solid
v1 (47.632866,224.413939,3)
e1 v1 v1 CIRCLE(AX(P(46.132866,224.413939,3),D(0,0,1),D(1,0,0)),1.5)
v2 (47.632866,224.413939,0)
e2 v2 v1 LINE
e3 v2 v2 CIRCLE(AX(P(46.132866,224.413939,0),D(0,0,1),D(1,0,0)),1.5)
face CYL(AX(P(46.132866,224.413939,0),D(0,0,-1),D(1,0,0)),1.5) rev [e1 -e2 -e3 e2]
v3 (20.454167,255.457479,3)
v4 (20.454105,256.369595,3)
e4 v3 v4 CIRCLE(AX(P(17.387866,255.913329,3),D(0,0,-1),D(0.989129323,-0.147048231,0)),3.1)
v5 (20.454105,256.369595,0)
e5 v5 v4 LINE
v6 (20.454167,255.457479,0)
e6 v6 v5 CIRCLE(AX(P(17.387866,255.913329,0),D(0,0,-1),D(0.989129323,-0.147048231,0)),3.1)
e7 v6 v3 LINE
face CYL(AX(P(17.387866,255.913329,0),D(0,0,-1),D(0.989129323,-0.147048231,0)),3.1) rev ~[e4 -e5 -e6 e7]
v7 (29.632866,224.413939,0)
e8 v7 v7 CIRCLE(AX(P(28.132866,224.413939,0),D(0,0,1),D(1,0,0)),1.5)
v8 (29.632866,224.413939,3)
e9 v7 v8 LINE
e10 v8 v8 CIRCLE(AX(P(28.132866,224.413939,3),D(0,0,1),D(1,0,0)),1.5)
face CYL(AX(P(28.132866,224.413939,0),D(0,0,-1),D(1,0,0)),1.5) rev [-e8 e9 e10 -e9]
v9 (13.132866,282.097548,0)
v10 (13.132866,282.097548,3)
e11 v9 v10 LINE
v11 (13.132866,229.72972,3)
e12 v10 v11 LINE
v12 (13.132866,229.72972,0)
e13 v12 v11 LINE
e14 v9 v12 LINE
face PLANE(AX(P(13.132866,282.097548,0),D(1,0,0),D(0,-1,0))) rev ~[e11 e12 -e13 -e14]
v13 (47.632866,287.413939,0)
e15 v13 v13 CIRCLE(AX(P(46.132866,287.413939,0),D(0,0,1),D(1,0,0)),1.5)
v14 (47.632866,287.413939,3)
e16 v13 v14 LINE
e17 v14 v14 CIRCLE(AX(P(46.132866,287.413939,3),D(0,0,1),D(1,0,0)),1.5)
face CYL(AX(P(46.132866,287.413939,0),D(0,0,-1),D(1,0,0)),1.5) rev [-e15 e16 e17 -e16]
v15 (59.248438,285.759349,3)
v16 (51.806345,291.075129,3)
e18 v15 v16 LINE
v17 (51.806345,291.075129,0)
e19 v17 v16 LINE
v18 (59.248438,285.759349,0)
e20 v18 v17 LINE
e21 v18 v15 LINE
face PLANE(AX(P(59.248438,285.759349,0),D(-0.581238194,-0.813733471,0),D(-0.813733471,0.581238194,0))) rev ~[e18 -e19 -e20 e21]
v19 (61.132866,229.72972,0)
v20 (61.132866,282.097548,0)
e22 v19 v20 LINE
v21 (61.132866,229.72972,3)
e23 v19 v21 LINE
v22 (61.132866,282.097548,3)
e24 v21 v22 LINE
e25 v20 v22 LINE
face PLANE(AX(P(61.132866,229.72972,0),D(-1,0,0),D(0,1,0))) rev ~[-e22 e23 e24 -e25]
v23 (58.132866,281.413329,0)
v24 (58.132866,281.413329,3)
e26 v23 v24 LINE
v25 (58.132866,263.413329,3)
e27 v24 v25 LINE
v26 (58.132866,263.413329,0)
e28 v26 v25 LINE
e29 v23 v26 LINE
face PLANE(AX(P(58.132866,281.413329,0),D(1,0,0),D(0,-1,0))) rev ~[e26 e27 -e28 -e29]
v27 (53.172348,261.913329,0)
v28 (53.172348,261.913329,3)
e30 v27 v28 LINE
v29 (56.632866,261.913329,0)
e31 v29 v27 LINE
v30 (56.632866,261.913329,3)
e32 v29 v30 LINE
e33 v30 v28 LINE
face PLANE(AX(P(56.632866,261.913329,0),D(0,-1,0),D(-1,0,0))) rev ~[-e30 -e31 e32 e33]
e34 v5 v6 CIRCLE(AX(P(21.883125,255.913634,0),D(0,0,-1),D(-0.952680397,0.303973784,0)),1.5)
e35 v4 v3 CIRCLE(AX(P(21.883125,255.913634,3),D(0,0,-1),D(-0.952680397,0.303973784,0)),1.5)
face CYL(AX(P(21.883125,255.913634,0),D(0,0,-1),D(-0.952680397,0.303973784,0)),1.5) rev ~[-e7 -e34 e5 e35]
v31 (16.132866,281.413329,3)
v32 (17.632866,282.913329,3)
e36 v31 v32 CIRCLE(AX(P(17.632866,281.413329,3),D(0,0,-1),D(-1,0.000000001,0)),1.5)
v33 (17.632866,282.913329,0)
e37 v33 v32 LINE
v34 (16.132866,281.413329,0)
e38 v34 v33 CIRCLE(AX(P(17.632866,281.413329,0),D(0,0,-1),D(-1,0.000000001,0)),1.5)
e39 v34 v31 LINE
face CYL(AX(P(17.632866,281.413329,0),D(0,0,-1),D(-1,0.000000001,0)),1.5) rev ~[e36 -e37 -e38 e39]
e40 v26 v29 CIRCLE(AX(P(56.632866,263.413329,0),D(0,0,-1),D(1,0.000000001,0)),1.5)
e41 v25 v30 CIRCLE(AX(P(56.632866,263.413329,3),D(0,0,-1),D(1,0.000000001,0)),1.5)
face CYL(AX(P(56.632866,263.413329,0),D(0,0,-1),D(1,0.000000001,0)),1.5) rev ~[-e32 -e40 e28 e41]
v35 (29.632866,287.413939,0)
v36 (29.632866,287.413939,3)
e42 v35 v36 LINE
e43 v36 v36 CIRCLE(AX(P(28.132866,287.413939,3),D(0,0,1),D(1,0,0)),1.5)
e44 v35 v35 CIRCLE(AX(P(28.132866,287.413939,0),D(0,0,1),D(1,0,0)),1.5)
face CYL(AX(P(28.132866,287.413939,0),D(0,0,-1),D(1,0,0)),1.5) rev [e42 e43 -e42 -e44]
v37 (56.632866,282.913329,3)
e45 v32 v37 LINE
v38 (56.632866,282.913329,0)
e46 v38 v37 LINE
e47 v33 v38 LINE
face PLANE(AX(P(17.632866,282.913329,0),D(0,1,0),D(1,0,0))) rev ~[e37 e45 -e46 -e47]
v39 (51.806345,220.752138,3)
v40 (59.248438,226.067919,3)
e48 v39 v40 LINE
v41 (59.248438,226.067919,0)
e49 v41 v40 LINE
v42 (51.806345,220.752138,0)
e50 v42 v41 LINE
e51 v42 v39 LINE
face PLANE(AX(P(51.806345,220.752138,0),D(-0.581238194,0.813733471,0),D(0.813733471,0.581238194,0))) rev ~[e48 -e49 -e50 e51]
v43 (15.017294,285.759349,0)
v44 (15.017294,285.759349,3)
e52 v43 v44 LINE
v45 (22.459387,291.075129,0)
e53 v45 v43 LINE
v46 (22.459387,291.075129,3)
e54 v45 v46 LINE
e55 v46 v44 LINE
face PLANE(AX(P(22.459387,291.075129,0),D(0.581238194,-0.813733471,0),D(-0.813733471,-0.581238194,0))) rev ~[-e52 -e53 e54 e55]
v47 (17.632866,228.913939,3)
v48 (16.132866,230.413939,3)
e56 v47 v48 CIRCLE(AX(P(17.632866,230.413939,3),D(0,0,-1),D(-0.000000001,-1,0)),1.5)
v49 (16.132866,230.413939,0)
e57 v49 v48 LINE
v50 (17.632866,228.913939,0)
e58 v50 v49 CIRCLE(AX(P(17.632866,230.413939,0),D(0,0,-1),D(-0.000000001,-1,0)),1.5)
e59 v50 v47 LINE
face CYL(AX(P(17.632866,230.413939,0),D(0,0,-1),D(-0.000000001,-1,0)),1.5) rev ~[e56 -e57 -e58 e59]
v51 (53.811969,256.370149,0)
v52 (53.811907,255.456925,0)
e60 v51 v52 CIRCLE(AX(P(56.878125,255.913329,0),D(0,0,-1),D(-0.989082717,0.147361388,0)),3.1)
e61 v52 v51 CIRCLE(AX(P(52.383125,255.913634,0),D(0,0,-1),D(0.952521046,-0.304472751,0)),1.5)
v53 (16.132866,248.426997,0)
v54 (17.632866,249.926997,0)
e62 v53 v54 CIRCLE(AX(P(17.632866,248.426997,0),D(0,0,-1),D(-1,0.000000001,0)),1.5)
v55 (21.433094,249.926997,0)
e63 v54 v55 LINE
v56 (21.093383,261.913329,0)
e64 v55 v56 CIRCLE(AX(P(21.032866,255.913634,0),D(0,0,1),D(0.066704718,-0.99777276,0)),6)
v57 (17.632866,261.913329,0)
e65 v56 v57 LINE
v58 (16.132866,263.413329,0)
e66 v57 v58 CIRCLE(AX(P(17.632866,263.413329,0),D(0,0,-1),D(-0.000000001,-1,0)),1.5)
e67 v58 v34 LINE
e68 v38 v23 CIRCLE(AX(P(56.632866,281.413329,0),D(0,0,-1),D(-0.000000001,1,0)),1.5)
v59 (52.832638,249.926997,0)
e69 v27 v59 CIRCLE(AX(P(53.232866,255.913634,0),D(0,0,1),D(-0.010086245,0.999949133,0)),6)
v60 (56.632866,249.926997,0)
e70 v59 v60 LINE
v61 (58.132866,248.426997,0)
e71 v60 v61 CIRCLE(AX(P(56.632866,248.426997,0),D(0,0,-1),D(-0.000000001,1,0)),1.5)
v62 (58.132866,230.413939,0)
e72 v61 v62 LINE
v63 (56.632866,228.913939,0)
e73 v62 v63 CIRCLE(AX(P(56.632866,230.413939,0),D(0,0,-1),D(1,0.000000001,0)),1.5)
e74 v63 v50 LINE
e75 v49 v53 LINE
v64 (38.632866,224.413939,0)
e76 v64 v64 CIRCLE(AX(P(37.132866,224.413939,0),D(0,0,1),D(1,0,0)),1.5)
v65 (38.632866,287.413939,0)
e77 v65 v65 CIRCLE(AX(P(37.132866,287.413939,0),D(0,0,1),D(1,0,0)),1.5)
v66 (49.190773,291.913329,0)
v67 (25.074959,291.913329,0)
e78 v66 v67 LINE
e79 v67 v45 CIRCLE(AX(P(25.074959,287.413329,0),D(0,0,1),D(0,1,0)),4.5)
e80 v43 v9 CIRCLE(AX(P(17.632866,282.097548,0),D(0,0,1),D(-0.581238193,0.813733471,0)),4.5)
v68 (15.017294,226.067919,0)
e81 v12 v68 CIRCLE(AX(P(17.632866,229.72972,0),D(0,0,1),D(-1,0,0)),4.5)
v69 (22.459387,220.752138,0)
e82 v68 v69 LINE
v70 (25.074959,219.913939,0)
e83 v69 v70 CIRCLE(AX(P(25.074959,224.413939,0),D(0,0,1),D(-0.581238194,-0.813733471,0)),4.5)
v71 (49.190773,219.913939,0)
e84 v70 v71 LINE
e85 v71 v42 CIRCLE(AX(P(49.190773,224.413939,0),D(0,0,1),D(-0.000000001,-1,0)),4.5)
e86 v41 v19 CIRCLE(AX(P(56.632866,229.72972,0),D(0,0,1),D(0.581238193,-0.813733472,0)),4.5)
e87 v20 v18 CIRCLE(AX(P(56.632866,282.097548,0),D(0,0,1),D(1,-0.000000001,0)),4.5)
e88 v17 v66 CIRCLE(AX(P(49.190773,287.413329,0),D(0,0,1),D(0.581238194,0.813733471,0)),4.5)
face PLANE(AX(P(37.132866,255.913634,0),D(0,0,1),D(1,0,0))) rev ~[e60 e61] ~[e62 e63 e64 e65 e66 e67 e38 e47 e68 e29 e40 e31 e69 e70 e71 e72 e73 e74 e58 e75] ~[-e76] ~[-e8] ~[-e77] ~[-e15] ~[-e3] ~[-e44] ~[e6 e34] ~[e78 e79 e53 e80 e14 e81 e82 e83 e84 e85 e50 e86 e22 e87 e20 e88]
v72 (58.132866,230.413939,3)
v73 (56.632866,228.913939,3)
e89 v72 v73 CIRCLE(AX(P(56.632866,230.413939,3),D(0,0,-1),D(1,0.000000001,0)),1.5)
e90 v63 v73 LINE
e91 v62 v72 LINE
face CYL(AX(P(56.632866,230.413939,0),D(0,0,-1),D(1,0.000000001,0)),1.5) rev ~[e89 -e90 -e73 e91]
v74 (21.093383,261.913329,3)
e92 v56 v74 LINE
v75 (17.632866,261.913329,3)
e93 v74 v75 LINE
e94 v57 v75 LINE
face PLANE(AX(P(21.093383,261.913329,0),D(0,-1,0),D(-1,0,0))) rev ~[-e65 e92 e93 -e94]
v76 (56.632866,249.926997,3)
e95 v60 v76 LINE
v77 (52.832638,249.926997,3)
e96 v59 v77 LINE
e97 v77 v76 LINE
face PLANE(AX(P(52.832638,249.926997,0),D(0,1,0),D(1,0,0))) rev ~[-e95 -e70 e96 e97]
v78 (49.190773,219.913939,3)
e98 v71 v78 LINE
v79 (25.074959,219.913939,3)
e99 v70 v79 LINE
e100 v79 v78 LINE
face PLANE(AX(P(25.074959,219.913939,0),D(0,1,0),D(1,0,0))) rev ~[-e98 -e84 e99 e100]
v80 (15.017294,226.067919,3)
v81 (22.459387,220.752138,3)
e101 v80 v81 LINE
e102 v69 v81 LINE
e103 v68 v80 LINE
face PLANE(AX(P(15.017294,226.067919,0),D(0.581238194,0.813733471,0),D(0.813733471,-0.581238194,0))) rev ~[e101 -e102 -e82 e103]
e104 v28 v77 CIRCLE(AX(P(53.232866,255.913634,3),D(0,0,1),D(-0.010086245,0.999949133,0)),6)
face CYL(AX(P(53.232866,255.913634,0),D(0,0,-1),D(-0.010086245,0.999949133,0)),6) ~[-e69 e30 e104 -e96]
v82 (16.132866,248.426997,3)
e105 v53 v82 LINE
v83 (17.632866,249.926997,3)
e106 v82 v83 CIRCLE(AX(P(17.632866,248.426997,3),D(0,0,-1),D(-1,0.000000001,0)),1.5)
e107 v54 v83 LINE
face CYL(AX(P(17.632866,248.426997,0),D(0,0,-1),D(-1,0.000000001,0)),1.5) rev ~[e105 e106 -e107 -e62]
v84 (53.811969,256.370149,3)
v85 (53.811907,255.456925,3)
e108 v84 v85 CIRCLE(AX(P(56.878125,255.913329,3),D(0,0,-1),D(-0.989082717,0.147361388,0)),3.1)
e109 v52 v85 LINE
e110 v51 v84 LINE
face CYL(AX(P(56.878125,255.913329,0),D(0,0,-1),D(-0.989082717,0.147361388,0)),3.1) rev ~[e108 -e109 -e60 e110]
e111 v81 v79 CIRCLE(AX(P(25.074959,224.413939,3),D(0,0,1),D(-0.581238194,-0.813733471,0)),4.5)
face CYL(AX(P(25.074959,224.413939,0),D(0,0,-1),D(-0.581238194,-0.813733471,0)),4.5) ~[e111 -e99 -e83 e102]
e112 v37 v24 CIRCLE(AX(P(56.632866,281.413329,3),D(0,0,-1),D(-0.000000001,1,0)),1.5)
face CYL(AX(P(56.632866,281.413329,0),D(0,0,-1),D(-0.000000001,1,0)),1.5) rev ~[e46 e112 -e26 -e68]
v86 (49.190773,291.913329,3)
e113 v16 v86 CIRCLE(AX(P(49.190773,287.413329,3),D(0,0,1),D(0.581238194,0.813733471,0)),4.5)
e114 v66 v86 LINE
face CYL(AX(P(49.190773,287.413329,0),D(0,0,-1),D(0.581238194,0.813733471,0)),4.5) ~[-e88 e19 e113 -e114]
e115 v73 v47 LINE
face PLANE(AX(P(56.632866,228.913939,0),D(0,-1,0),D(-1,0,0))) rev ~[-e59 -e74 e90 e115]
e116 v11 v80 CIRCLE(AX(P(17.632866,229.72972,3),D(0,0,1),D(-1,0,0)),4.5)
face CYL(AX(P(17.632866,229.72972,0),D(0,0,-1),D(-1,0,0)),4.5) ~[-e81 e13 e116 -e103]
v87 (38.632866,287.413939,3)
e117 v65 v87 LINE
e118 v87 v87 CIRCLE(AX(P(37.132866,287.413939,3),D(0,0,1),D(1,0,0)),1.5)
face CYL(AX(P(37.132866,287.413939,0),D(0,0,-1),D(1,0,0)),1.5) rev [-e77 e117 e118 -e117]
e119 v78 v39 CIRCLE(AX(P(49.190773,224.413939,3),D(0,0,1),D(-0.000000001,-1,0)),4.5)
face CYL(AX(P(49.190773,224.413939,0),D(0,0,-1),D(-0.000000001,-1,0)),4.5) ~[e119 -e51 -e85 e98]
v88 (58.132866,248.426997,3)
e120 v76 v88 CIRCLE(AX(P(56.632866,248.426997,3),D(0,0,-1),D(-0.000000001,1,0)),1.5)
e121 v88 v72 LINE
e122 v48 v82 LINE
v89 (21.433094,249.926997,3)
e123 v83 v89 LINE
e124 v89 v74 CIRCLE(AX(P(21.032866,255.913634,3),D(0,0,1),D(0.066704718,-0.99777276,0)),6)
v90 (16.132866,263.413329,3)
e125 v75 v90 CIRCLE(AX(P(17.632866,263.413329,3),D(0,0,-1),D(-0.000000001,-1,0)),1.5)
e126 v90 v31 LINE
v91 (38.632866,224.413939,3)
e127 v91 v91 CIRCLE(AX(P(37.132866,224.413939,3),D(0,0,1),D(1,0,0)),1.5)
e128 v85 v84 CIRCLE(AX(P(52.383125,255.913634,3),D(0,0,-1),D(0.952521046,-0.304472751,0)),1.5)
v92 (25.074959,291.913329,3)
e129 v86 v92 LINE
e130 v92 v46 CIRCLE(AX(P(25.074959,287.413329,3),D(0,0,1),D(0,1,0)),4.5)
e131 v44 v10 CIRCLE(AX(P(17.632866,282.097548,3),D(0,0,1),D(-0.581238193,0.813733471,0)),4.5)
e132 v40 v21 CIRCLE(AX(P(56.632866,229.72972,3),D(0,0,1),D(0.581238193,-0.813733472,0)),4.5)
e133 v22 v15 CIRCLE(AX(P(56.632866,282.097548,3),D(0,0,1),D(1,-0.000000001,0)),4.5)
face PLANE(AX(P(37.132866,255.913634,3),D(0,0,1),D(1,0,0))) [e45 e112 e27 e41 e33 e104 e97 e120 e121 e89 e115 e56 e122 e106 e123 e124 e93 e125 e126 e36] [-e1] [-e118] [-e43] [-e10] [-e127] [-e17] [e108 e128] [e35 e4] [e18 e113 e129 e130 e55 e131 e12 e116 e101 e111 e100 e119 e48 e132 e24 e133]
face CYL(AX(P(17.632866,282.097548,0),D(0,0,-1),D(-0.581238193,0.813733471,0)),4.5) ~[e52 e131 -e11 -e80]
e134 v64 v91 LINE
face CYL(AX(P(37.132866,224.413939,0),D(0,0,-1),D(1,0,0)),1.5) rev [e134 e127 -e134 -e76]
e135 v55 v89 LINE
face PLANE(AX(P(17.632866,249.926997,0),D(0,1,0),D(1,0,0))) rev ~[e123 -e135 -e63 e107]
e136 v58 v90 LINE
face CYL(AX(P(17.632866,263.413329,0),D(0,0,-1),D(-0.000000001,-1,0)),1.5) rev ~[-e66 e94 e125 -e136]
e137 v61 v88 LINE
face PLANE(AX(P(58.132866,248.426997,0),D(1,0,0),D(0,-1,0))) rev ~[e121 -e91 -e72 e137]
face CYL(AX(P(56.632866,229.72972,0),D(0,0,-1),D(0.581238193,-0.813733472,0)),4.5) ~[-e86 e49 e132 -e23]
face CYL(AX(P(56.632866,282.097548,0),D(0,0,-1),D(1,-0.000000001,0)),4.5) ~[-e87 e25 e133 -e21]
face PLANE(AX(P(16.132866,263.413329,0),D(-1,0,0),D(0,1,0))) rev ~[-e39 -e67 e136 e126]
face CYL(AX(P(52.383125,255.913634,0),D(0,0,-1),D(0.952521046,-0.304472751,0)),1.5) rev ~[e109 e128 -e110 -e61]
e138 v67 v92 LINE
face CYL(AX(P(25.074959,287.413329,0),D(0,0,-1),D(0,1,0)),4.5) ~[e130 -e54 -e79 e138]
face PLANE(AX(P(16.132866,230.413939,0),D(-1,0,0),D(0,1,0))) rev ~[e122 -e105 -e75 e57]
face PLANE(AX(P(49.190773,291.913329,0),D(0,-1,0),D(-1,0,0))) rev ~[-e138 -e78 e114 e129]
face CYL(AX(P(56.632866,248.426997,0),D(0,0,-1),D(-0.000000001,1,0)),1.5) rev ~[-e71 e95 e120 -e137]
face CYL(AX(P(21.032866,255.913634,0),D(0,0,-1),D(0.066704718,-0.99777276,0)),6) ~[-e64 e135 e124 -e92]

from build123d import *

# Parameters (mm, degrees)
MODEL_R                 = 1.5
SALIENTE_EXTRUIR1_DEPTH = 3


with BuildPart() as part:
    # Model → Saliente-Extruir1 (new body)
    with BuildSketch(Plane.XY):
        with BuildLine():
            ThreePointArc((59.248437734, 226.067919021), (60.634120255, 227.670602527), (61.132865862, 229.729719641))
            Line((61.132865862, 229.729719641), (61.132865862, 282.097548174))
            ThreePointArc((61.132865862, 282.097548174), (60.634120255, 284.156665288), (59.248437734, 285.759348794))
            Line((59.248437734, 285.759348794), (51.806344994, 291.075129323))
            ThreePointArc((51.806344994, 291.075129323), (50.564071562, 291.698658491), (49.190773122, 291.913328703))
            Line((49.190773122, 291.913328703), (25.074958603, 291.913328703))
            ThreePointArc((25.074958603, 291.913328703), (23.701660163, 291.698658491), (22.459386731, 291.075129323))
            Line((22.459386731, 291.075129323), (15.017293991, 285.759348794))
            ThreePointArc((15.017293991, 285.759348794), (13.63161147, 284.156665288), (13.132865862, 282.097548174))
            Line((13.132865862, 282.097548174), (13.132865862, 229.729719641))
            ThreePointArc((13.132865862, 229.729719641), (13.63161147, 227.670602527), (15.017293991, 226.067919021))
            Line((15.017293991, 226.067919021), (22.459386731, 220.752138492))
            ThreePointArc((22.459386731, 220.752138492), (23.701660163, 220.128609324), (25.074958603, 219.913939113))
            Line((25.074958603, 219.913939113), (49.190773122, 219.913939113))
            ThreePointArc((49.190773122, 219.913939113), (50.564071562, 220.128609324), (51.806344994, 220.752138492))
            Line((51.806344994, 220.752138492), (59.248437734, 226.067919021))
        make_face()
        with Locations((28.132865862, 224.413939113)):
            Circle(MODEL_R, mode=Mode.SUBTRACT)
        with BuildLine():
            ThreePointArc((20.454104838, 256.369594574), (23.38312543, 255.913735735), (20.454166764, 255.457479185))
            ThreePointArc((20.454166764, 255.457479185), (14.28786587, 255.913118236), (20.454104838, 256.369594574))
        make_face(mode=Mode.SUBTRACT)
        with Locations((37.132865862, 224.413939113)):
            Circle(MODEL_R, mode=Mode.SUBTRACT)
        with Locations((46.132865862, 224.413939113)):
            Circle(MODEL_R, mode=Mode.SUBTRACT)
        with BuildLine():
            ThreePointArc((53.811907003, 255.45692477), (50.883125437, 255.913735745), (53.81196901, 256.370148994))
            ThreePointArc((53.81196901, 256.370148994), (59.978125426, 255.913118206), (53.811907003, 255.45692477))
        make_face(mode=Mode.SUBTRACT)
        with Locations((28.132865862, 287.413939112)):
            Circle(MODEL_R, mode=Mode.SUBTRACT)
        with BuildLine():
            Line((16.132865862, 263.413328703), (16.132865862, 281.413328703))
            ThreePointArc((16.132865862, 281.413328703), (16.572205691, 282.473988875), (17.632865862, 282.913328703))
            Line((17.632865862, 282.913328703), (56.632865862, 282.913328703))
            ThreePointArc((56.632865862, 282.913328703), (57.693526034, 282.473988875), (58.132865862, 281.413328703))
            Line((58.132865862, 281.413328703), (58.132865862, 263.413328703))
            ThreePointArc((58.132865862, 263.413328703), (57.693526034, 262.352668531), (56.632865862, 261.913328703))
            Line((56.632865862, 261.913328703), (53.293383336, 261.913328703))
            Line((53.293383336, 261.913328703), (53.172348389, 261.913328703))
            ThreePointArc((53.172348389, 261.913328703), (47.235274136, 256.083614768), (52.832637551, 249.926997348))
            Line((52.832637551, 249.926997348), (56.632865862, 249.926997348))
            ThreePointArc((56.632865862, 249.926997348), (57.693526034, 249.48765752), (58.132865862, 248.426997348))
            Line((58.132865862, 248.426997348), (58.132865862, 230.413939113))
            ThreePointArc((58.132865862, 230.413939113), (57.693526034, 229.353278941), (56.632865862, 228.913939113))
            Line((56.632865862, 228.913939113), (17.632865862, 228.913939113))
            ThreePointArc((17.632865862, 228.913939113), (16.572205691, 229.353278941), (16.132865862, 230.413939113))
            Line((16.132865862, 230.413939113), (16.132865862, 248.426997348))
            ThreePointArc((16.132865862, 248.426997348), (16.572205691, 249.48765752), (17.632865862, 249.926997348))
            Line((17.632865862, 249.926997348), (21.433094174, 249.926997348))
            ThreePointArc((21.433094174, 249.926997348), (27.030457589, 256.083614768), (21.093383336, 261.913328703))
            Line((21.093383336, 261.913328703), (20.972348389, 261.913328703))
            Line((20.972348389, 261.913328703), (17.632865862, 261.913328703))
            ThreePointArc((17.632865862, 261.913328703), (16.572205691, 262.352668531), (16.132865862, 263.413328703))
        make_face(mode=Mode.SUBTRACT)
        with Locations((37.132865862, 287.413939112)):
            Circle(MODEL_R, mode=Mode.SUBTRACT)
        with Locations((46.132865862, 287.413939112)):
            Circle(MODEL_R, mode=Mode.SUBTRACT)
    extrude(amount=SALIENTE_EXTRUIR1_DEPTH)


solid = part.part
